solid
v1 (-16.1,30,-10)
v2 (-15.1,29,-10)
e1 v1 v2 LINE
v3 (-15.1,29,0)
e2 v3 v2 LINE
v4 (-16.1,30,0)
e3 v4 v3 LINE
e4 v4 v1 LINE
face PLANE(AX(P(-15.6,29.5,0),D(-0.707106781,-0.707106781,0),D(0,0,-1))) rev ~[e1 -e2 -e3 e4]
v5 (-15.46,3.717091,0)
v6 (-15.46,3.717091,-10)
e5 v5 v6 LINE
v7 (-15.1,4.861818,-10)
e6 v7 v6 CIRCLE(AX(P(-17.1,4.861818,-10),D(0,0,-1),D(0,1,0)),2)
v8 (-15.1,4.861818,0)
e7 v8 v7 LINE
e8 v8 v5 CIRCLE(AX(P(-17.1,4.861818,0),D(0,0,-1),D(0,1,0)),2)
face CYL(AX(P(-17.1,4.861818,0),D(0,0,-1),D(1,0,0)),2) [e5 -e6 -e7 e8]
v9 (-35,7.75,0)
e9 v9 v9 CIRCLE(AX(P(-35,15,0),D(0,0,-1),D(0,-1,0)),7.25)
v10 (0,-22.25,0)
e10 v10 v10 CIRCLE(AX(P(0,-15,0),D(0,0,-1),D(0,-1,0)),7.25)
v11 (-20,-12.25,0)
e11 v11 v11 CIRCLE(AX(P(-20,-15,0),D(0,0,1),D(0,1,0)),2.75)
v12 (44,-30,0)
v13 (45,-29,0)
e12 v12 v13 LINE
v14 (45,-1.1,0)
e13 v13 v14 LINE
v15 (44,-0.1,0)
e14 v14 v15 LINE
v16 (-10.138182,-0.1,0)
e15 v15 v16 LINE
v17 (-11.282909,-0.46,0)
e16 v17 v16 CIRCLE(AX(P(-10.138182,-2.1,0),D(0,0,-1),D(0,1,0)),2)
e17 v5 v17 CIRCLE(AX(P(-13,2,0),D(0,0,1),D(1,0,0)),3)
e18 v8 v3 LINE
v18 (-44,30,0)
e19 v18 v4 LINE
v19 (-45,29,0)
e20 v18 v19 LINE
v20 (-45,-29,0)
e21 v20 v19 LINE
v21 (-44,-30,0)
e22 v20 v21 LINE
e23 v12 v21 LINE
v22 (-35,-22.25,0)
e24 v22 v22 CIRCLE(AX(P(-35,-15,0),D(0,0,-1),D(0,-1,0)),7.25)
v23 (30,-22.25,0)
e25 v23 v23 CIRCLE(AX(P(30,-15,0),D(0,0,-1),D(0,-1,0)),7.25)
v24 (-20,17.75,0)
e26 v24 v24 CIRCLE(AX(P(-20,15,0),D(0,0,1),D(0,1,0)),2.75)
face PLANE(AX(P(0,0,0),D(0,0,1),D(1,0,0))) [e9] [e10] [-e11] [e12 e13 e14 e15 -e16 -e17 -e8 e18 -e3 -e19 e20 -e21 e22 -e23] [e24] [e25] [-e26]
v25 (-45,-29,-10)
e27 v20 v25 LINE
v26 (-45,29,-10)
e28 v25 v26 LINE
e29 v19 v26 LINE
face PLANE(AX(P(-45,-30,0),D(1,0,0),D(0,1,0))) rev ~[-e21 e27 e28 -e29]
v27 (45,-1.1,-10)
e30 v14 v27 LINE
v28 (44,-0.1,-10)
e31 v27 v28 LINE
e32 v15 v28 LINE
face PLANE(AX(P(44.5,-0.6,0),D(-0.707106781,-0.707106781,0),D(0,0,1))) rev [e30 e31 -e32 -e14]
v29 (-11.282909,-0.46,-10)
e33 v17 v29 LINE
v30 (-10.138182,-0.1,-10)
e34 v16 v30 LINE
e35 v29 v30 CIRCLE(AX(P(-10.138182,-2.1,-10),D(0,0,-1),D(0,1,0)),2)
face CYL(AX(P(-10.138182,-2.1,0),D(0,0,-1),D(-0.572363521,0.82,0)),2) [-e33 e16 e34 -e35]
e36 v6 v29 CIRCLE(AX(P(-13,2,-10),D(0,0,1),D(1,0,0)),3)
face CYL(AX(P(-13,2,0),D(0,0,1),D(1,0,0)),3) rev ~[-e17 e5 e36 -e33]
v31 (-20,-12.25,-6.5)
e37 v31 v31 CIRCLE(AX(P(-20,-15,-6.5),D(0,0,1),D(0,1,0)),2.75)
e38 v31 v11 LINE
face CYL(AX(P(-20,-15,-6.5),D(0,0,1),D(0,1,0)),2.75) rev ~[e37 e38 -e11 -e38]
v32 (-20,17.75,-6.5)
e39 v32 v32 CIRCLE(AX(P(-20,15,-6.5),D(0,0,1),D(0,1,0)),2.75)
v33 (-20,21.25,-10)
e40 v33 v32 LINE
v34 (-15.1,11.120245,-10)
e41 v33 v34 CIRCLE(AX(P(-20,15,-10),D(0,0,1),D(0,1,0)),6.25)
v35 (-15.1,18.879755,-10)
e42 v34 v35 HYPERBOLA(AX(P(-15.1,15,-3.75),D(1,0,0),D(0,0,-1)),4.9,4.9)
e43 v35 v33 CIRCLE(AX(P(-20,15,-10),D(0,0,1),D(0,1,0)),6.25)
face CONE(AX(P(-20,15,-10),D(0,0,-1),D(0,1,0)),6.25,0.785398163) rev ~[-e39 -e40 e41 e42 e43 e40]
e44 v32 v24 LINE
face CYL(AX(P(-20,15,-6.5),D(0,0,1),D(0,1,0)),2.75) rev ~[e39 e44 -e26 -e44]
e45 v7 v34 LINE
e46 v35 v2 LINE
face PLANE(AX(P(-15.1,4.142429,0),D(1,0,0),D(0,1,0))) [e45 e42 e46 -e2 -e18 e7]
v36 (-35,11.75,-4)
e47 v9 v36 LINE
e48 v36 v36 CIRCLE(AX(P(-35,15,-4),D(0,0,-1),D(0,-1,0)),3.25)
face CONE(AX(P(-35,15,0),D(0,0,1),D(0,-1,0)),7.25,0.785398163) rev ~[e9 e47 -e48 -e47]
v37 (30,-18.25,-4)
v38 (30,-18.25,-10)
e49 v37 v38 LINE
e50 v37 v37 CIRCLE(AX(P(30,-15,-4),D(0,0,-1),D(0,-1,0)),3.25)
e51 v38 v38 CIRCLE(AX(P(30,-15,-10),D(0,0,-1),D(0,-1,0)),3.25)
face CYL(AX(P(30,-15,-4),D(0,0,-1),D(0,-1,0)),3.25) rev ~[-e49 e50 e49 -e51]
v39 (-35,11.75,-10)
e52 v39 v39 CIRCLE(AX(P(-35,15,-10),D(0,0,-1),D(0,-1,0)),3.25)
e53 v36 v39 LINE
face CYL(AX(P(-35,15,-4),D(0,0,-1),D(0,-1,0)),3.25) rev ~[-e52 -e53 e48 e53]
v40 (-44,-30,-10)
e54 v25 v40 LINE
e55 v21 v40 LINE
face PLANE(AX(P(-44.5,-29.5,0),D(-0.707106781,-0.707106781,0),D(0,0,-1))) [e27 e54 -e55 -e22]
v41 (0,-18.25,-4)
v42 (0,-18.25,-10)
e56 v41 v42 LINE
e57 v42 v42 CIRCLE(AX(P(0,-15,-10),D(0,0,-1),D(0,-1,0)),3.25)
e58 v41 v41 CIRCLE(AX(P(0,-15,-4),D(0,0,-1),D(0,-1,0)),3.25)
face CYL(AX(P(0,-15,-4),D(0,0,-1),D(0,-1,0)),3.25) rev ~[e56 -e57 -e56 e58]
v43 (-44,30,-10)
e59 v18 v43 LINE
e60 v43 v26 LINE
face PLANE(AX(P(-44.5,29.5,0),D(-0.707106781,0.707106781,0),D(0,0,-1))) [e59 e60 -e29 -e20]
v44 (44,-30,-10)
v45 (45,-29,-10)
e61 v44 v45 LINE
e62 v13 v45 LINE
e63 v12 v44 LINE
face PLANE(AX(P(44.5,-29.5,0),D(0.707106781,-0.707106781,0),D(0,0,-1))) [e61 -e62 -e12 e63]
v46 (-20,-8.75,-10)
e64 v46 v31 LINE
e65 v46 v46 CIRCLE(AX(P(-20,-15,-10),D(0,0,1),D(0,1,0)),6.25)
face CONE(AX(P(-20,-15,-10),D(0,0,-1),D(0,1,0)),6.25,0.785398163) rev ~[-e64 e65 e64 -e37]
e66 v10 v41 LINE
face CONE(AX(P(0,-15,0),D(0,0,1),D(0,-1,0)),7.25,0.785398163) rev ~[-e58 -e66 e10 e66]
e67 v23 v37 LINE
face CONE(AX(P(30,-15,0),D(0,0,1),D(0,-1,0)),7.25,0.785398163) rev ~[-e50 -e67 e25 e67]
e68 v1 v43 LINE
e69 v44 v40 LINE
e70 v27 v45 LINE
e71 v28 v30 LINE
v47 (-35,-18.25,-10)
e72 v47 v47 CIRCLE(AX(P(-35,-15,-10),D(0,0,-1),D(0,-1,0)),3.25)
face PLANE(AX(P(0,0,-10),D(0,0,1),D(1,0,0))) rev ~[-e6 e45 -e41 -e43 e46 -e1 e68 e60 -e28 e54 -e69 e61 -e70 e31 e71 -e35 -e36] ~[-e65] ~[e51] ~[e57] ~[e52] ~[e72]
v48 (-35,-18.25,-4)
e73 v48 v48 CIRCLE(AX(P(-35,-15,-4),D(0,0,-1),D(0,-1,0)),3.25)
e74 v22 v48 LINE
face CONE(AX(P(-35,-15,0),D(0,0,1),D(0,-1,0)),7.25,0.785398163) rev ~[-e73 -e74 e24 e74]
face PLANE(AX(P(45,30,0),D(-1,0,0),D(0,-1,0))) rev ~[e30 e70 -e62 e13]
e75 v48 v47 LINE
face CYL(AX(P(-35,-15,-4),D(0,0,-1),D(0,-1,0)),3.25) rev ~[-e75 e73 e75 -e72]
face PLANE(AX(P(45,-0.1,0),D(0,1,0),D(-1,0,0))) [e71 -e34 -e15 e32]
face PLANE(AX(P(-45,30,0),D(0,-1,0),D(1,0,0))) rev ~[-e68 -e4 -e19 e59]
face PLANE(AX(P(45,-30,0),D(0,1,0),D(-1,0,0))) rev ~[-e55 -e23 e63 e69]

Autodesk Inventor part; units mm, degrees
ref_plane "YZ Plane" through (0, 0, 0) normal (1, 0, 0) x (0, 1, 0)
ref_plane "XZ Plane" through (0, 0, 0) normal (0, 1, 0) x (-1, 0, 0)
ref_plane "XY Plane" through (0, 0, 0) normal (0, 0, 1) x (1, 0, 0)
sketch "Esboço1" plane through (0, 0, 0) normal (0, 0, 1) x (1, 0, 0)
  line L0 (-63.02, 0) -> (63.12, 0) construction
  line L1 (0, -42.02) -> (0, 42.12) construction
  line L2 (-45, 30) -> (45, 30)
  line L3 (45, 30) -> (45, -30)
  line L4 (45, -30) -> (-45, -30)
  line L5 (-45, -30) -> (-45, 30)
  line L6 (-15, 30) -> (45, 30) construction
  line L7 (45, 30) -> (45, 0) construction
  line L8 (45, 0) -> (-15, 0) construction
  line L9 (-15, 0) -> (-15, 30) construction
  line L10 (-15.1, 30.1) -> (45.1, 30.1)
  line L11 (45.1, 30.1) -> (45.1, -0.1)
  line L12 (45.1, -0.1) -> (-15.1, -0.1)
  line L13 (-15.1, -0.1) -> (-15.1, 30.1)
  line L14 (-25, 30) -> (-15, 30) construction
  line L15 (-15, 30) -> (-15, -30) construction
  line L16 (-15, -30) -> (-25, -30) construction
  line L17 (-25, -30) -> (-25, 30) construction
  line L18 (-45, 15) -> (45, 15) construction
  line L19 (-45, -15) -> (45, -15) construction
  line L20 (-20, -30) -> (-20, 30) construction
  line L21 (-35, 30) -> (-35, -30) construction
  line L22 (15, 30) -> (15, -30) construction
  circle A0 centre (-13, 2) radius 3
  point P0 (0, 0)
  point P1 (-20, 15)
  point P2 (-20, -15)
  point P3 (0, -15)
  point P4 (30, -15)
  point P5 (-35, 15)
  point P6 (-35, -15)
  point P7 (45, -0.1)
  point P8 (-15.1, 30)
  point P9 (-10.8576, -0.1)
  point P10 (-15.1, 4.1424)
  dimension "d0" = 60
  dimension "d1" = 90
  dimension "d2" = 60
  dimension "d3" = 30
  dimension "d4" = 0.1
  dimension "d5" = 10
  dimension "d6" = 30
  dimension "d7" = 30
  dimension "d17" = 6
  dimension "d18" = 2
  dimension "d19" = 2
extrude "Extrusão1" add sketch "Esboço1" against normal blind 10 contours L2 L13 A0 L12 L3 L4 L5 | L2 L3 L12 A0 L13 | A0 L12 L13 | L13 L12 A0
extrude "Extrusão2" cut sketch "Esboço1" against normal through all contours L2 L3 L12 A0 L13 | A0 L12 L13 | L13 L12 A0
hole "Furo1" at (0, -15, 0) at (30, -15, 0) at (-35, 15, 0) at (-35, -15, 0) direction (0, 0, -1) diameter 6.5 end through all countersink diameter 14.5 countersink angle 90 clearance for "Countersunk Flat Head Hex Socket Screw ISO 10642" size "M6" standard "ISO"
sketch "Esboço2" plane through (0, 0, -10) normal (0, 0, -1) x (-1, 0, 0)
  point P0 (0, 0)
  point P1 (20, 15)
  point P2 (20, -15)
hole "Furo2" at (-20, 15, -10) at (-20, -15, -10) direction (0, 0, 1) diameter 5.5 end through all countersink diameter 12.5 countersink angle 90 clearance for "Countersunk Flat Head Hex Socket Screw ISO 10642" size "M5" standard "ISO"
chamfer "Chanfro1" distance 1 angle 45 5 edges at (-45, 30, -5) (-15.1, 30, -5) (-45, -30, -5) (45, -30, -5) (45, -0.1, -5)
fillet "Arredondamento1" radius 2 2 edges at (-15.1, 4.1424, -5) (-10.8576, -0.1, -5)
equation "\"d18\" = 0.333333 * d17"
equation "\"d19\" = d18"
properties part number "Chapa Suporte 1L (Trilho Roletado)" material "Aluminio 1060"
